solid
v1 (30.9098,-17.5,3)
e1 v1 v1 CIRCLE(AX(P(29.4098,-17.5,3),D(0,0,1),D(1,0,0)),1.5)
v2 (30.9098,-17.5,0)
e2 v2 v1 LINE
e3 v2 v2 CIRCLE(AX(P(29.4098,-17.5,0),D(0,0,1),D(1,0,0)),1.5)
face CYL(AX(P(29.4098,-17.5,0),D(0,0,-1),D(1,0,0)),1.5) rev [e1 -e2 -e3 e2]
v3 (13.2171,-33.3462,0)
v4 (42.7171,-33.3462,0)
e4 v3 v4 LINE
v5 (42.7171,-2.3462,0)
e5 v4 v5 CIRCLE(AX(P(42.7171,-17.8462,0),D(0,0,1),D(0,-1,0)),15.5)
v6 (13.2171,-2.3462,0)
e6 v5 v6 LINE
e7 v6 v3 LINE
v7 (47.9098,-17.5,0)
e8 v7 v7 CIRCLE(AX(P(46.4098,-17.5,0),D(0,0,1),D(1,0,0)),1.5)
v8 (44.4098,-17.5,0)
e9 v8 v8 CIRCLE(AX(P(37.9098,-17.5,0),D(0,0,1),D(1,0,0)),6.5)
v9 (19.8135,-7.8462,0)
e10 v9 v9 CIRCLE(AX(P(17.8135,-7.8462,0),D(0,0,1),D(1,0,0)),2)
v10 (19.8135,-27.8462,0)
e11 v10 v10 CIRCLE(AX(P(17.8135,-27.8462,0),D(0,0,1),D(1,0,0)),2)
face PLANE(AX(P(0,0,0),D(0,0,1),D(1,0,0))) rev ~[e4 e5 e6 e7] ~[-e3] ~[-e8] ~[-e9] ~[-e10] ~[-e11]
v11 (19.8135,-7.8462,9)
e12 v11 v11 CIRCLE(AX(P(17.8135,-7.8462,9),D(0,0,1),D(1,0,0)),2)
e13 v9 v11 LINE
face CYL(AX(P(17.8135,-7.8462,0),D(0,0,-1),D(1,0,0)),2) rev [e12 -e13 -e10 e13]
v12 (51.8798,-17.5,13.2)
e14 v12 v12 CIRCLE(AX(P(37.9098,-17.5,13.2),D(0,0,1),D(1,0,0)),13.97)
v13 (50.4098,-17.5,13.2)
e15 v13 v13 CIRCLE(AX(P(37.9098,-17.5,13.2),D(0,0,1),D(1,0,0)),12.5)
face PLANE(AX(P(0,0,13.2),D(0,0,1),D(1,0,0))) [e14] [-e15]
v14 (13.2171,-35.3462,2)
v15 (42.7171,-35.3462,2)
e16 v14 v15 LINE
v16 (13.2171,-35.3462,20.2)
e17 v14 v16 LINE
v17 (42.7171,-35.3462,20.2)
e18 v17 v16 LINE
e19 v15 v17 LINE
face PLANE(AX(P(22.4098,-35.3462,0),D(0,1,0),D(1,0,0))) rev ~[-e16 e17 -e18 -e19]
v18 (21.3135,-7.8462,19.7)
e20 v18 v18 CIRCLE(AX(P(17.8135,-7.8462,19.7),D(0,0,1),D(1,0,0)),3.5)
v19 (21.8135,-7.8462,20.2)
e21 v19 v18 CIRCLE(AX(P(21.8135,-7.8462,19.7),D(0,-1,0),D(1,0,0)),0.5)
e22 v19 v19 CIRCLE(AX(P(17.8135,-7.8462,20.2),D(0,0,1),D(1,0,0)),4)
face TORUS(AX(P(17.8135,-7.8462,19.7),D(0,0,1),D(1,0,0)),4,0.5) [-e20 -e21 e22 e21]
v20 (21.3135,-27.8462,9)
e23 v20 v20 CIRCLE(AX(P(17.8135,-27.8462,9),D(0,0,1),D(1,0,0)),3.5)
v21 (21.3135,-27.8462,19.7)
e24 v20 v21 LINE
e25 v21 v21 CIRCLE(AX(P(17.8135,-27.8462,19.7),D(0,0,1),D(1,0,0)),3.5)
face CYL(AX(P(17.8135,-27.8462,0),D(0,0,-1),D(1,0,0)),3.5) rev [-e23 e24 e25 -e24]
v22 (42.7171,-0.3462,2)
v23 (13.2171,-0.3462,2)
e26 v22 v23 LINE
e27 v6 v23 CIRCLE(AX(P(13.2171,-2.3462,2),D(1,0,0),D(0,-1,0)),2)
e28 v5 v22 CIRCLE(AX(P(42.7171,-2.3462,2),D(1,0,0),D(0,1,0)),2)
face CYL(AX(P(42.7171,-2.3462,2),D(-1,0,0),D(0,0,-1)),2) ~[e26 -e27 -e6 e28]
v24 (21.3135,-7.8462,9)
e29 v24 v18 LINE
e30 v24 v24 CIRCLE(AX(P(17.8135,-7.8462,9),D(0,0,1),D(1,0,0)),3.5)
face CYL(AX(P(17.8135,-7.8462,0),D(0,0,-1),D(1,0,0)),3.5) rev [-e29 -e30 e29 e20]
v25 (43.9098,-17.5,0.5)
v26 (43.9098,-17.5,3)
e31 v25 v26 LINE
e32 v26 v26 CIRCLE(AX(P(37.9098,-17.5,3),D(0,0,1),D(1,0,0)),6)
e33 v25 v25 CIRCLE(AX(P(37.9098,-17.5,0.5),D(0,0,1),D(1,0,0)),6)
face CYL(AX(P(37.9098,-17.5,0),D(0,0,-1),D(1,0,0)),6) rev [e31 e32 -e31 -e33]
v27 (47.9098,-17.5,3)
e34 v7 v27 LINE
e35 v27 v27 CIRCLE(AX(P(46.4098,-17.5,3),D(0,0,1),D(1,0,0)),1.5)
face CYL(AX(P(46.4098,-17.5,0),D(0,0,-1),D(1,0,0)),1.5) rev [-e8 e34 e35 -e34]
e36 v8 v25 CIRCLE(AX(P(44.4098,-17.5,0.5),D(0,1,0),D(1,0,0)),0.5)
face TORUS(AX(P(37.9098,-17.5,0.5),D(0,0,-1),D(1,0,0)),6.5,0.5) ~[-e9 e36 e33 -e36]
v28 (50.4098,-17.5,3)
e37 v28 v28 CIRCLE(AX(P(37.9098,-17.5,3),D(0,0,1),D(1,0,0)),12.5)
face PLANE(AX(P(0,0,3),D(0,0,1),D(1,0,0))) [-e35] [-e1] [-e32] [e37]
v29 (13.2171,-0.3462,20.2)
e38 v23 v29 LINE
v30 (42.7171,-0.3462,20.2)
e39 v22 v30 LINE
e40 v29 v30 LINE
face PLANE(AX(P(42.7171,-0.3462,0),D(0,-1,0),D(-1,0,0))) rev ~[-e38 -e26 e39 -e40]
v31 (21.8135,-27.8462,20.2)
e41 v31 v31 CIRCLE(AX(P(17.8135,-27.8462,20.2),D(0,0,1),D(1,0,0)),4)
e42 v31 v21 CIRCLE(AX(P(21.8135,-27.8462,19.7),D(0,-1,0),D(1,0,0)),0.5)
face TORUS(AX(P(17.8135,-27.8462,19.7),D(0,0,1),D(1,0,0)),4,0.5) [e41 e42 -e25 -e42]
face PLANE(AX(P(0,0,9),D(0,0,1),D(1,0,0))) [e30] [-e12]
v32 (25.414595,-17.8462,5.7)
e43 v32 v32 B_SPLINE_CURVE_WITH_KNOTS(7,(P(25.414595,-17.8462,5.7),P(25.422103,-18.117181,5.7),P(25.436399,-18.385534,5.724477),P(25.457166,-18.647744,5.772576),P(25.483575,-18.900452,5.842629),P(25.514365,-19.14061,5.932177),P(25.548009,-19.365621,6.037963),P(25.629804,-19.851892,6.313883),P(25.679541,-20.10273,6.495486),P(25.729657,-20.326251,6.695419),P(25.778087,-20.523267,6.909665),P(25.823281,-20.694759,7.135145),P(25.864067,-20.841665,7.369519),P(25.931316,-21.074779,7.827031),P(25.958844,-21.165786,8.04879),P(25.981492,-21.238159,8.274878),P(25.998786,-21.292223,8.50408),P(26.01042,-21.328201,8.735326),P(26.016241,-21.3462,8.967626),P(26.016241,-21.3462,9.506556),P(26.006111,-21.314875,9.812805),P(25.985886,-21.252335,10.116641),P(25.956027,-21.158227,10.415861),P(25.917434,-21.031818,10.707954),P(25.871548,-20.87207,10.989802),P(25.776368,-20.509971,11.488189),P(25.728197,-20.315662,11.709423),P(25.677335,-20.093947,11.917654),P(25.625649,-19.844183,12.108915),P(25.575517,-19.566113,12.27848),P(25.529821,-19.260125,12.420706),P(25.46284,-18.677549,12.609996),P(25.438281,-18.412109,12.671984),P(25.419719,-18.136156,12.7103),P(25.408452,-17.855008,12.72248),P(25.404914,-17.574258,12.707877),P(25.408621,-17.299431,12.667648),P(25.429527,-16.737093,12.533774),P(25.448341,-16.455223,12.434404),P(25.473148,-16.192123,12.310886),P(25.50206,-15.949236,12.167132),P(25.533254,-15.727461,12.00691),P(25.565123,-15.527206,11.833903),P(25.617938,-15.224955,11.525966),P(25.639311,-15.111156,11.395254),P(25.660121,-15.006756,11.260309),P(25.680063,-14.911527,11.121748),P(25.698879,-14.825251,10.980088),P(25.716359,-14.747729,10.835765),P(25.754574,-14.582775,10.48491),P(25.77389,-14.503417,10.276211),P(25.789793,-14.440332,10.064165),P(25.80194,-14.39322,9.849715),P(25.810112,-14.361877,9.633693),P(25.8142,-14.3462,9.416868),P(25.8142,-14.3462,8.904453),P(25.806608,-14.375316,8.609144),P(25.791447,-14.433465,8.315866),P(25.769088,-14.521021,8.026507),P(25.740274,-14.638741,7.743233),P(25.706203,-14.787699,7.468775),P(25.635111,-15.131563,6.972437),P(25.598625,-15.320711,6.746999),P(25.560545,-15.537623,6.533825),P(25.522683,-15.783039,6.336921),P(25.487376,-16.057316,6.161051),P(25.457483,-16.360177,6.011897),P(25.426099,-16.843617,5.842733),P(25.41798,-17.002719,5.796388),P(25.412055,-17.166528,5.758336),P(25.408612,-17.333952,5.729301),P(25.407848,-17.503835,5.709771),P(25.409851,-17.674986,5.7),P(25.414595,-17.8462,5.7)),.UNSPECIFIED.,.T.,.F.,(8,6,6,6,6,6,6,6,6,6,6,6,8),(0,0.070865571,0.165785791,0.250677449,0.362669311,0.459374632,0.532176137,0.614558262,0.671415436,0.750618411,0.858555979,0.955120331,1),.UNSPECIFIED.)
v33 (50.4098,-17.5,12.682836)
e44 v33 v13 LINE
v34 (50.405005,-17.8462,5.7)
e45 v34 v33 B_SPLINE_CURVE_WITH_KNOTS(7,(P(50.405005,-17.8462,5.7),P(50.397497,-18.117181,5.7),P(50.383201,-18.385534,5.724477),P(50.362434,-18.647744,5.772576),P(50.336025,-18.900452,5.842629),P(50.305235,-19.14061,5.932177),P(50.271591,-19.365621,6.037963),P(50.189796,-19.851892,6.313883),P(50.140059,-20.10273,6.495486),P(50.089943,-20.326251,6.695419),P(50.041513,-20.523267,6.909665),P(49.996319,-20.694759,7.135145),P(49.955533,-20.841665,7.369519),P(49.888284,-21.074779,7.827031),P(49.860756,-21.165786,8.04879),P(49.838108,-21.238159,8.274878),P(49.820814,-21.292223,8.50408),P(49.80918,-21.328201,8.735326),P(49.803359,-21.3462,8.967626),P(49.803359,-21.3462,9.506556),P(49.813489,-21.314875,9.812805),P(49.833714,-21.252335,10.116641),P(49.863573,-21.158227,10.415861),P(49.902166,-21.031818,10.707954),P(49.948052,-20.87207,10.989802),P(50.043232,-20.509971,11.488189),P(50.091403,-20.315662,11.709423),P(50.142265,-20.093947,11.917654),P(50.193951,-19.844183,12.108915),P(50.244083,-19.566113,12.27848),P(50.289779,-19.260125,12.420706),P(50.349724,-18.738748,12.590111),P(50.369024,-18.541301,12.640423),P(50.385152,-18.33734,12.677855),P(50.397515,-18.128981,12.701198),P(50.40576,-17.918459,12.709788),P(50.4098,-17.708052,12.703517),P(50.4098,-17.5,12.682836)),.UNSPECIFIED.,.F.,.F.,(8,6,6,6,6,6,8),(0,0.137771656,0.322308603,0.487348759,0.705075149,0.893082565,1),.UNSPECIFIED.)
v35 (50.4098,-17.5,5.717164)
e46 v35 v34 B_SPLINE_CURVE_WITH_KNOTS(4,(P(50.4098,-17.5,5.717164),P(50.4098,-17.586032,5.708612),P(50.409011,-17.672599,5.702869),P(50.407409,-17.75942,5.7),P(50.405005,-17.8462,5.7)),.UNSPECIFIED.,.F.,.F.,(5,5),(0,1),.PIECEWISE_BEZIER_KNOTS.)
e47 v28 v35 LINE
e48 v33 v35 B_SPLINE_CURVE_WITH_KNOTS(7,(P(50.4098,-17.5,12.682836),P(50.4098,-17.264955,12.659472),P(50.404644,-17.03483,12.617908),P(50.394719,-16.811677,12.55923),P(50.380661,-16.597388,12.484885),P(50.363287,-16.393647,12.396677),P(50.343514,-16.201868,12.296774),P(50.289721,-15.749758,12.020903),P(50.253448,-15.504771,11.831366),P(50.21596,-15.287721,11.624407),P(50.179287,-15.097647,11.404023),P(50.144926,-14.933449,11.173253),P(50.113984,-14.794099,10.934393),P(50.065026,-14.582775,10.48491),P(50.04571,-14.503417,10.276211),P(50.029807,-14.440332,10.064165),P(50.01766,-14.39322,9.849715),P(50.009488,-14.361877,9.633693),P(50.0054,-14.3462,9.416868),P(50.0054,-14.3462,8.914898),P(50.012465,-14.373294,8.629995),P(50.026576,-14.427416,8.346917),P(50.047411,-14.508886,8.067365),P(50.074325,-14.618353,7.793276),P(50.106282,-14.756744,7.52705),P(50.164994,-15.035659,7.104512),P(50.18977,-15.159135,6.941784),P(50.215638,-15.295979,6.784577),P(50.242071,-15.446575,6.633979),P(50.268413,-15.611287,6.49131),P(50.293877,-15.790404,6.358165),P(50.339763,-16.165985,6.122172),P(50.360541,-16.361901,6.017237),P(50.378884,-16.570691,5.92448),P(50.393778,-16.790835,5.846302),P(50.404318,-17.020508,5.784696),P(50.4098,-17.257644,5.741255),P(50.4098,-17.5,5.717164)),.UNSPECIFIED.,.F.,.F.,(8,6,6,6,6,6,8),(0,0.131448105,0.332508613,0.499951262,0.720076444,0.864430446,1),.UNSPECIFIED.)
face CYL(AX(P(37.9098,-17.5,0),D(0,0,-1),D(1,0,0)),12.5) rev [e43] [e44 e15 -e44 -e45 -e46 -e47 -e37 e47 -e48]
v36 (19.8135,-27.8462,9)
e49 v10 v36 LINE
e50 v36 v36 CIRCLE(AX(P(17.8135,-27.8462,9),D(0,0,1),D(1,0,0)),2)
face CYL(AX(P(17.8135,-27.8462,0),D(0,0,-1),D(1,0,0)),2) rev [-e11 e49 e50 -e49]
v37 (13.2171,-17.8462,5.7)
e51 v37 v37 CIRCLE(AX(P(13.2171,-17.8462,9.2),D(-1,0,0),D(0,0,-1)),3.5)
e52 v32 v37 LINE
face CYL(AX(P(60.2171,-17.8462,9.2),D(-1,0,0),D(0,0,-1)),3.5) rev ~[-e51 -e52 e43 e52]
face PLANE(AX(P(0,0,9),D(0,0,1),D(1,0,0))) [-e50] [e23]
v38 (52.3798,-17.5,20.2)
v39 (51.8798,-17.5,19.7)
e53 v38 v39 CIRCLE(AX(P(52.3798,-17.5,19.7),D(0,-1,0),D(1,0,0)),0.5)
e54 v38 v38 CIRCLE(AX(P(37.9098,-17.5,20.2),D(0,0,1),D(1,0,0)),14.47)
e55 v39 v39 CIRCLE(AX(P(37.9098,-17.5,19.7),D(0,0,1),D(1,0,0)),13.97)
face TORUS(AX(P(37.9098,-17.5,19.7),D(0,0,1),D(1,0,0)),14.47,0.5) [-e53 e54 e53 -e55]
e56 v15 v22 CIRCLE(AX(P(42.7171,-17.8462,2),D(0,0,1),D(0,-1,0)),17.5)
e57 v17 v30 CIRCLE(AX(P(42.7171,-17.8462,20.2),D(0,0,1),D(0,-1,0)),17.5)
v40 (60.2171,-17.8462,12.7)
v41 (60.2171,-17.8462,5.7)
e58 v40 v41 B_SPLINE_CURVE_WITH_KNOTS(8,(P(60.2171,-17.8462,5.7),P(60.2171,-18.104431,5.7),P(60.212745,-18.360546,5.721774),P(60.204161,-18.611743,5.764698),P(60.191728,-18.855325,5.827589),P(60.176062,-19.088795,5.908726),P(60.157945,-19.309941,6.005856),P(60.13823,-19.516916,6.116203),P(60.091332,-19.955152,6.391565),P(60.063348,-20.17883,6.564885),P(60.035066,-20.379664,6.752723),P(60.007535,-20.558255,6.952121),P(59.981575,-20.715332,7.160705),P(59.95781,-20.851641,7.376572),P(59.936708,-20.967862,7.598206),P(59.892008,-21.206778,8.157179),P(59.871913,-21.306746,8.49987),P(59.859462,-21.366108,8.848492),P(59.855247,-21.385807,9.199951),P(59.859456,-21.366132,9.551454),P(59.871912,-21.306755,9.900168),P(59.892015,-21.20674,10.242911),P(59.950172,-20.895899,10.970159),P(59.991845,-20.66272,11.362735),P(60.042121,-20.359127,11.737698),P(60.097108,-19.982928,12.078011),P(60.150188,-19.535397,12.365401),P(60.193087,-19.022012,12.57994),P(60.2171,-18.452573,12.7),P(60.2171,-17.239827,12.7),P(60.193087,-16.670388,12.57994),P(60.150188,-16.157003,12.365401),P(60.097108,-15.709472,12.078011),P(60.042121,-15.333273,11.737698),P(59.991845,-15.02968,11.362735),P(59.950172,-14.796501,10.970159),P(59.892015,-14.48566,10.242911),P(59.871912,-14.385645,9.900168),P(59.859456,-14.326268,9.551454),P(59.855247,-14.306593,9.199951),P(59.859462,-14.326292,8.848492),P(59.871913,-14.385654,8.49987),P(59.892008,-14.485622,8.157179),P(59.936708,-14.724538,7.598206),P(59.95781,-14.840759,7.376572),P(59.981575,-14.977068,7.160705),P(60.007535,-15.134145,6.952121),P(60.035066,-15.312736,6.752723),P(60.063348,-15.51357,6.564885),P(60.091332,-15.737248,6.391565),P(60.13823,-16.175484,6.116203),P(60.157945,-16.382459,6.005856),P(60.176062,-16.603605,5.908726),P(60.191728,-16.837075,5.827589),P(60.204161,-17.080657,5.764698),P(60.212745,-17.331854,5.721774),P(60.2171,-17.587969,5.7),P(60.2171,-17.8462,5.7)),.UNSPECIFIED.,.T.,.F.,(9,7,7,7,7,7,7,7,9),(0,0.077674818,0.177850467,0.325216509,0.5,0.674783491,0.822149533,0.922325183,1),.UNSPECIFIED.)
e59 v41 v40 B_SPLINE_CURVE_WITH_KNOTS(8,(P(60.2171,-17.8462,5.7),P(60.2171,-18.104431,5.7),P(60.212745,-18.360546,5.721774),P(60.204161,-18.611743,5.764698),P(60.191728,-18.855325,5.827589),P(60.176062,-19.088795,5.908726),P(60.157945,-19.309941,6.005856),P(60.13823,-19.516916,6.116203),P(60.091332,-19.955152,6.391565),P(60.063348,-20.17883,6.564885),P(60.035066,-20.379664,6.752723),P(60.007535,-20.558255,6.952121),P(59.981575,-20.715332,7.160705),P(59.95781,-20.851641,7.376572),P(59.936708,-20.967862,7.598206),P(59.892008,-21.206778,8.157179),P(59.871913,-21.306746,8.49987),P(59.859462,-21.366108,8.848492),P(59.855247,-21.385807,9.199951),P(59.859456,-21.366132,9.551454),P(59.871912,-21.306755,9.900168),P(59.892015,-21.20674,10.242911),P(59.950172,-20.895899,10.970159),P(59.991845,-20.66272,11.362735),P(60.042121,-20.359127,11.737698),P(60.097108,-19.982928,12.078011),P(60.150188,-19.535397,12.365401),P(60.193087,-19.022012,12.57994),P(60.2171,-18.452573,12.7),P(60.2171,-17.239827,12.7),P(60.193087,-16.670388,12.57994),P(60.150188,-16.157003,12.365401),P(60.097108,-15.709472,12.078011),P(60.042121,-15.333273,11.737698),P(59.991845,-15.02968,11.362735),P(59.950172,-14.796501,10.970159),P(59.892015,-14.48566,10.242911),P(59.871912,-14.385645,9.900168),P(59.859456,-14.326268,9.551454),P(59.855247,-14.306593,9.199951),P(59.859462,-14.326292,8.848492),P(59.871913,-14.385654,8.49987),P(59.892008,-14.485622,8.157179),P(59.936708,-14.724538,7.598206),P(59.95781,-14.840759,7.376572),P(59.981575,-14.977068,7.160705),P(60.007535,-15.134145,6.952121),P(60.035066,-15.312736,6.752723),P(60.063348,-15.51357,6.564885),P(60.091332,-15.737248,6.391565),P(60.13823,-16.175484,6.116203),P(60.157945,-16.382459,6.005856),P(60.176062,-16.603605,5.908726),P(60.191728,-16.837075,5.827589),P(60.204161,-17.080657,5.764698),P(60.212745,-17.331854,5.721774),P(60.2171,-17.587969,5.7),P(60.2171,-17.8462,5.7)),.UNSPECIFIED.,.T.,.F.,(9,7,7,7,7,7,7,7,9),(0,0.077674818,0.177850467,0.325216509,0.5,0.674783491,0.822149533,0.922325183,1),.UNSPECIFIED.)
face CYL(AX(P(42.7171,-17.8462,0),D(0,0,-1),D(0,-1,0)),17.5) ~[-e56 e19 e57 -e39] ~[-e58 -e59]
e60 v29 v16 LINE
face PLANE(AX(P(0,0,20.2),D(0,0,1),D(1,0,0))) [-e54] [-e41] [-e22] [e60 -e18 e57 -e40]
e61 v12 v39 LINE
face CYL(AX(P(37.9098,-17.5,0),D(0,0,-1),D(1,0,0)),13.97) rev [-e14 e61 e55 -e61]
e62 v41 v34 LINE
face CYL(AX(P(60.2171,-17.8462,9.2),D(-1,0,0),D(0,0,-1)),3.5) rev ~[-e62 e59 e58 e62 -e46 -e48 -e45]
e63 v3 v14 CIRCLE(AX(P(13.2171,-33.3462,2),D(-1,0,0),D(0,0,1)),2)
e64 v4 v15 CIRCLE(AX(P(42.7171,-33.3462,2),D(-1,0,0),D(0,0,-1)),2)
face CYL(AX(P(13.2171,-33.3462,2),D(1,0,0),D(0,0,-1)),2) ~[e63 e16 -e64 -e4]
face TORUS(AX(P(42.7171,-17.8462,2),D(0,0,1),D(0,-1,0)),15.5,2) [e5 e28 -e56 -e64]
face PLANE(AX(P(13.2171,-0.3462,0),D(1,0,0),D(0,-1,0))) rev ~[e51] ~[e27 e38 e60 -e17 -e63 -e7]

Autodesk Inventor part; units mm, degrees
ref_plane "YZ Plane" through (0, 0, 0) normal (1, 0, 0) x (0, 1, 0)
ref_plane "XZ Plane" through (0, 0, 0) normal (0, 1, 0) x (-1, 0, 0)
sketch "Boceto1" plane through (0, 0, 0) normal (0, 0, 1) x (1, 0, 0)
  line L0 (42.7171, -0.3462) -> (13.2171, -0.3462)
  circle A0 centre (37.9098, -17.5) radius 13.97
  line L1 (13.2171, -0.3462) -> (13.2171, -35.3462)
  line L2 (13.2171, -0.3462) -> (13.2171, -35.3462)
  line L3 (13.2171, -35.3462) -> (42.7171, -35.3462)
  arc A1 (42.7171, -35.3462) -> (42.7171, -0.3462) centre (42.7171, -17.8462) ccw
  circle A2 centre (37.9098, -17.5) radius 6
  circle A3 centre (37.9098, -17.5) radius 12.5
  circle A4 centre (29.4098, -17.5) radius 1.5
  circle A5 centre (46.4098, -17.5) radius 1.5
  line L4 (22.4098, -0.3462) -> (22.4098, -35.3462)
  line L5 (22.4098, -0.3462) -> (13.2171, -0.3462)
  circle A6 centre (17.8135, -7.8462) radius 2
  circle A7 centre (17.8135, -27.8462) radius 2
  circle A8 centre (17.8135, -7.8462) radius 3.5
  circle A9 centre (17.8135, -27.8462) radius 3.5
  point P0 (0, 0)
  point P1 (38.7171, -2.3462)
  point P2 (38.7171, -33.3462)
  dimension "d4" = 2
  dimension "d5" = 27.94
  dimension "d7" = 33
  dimension "d10" = 12
  dimension "d11" = 25
  dimension "d27" = 4
  dimension "d28" = 4
  dimension "d30" = 20
  dimension "d31" = 7.5
  dimension "d32" = 7
  dimension "d33" = 7
extrude "Extrusión1" add sketch "Boceto1" along normal blind 20.2 contours A1 L3 L4 L0
extrude "Extrusión2" add sketch "Boceto1" along normal blind 20.2 contours L4 L3 L1 L0
extrude "Extrusión3" add sketch "Boceto1" along normal blind 9 contours A8 | A9
extrude "Extrusión4" add sketch "Boceto1" along normal blind 13.2 contours A0
extrude "Extrusión5" add sketch "Boceto1" along normal blind 3 contours A3
sketch "Boceto2" plane through (13.2171, -35.3462, 0) normal (-1, 0, 0) x (0, 0, 1)
  point P0 (0, 35.3462)
ref_plane "Plano de trabajo1" through (60.2171, -17.8462, 0) normal (-1, 0, 0) x (0, 0, 1)
sketch "Boceto3" plane through (60.2171, -17.8462, 0) normal (-1, 0, 0) x (0, 0, 1)
  line L0 (20.2, -17.5) -> (20.2, 17.5) projected
  line L1 (20.2, 0) -> (9.2, 0)
  circle A0 centre (9.2, 0) radius 3.5
  point P0 (0, 17.8462)
  dimension "d44" = 11
  dimension "d45" = 7
hole "Agujero1" at (60.2171, -17.8462, 9.2) direction (-1, 0, 0) diameter 7 end through all
fillet "Empalme1" radius 2 3 edges at (27.9671, -0.3462, 0) (27.9671, -35.3462, 0) (60.2171, -17.8462, 0)
fillet "Empalme2" radius 0.5 1 edges at (31.9098, -17.5, 0)
fillet "Empalme3" radius 0.5 1 edges at (23.9398, -17.5, 20.2)
fillet "Empalme4" radius 0.5 1 edges at (14.3135, -7.8462, 20.2)
fillet "Empalme5" radius 0.5 1 edges at (14.3135, -27.8462, 20.2)
properties part number "Rodamiento grande"
